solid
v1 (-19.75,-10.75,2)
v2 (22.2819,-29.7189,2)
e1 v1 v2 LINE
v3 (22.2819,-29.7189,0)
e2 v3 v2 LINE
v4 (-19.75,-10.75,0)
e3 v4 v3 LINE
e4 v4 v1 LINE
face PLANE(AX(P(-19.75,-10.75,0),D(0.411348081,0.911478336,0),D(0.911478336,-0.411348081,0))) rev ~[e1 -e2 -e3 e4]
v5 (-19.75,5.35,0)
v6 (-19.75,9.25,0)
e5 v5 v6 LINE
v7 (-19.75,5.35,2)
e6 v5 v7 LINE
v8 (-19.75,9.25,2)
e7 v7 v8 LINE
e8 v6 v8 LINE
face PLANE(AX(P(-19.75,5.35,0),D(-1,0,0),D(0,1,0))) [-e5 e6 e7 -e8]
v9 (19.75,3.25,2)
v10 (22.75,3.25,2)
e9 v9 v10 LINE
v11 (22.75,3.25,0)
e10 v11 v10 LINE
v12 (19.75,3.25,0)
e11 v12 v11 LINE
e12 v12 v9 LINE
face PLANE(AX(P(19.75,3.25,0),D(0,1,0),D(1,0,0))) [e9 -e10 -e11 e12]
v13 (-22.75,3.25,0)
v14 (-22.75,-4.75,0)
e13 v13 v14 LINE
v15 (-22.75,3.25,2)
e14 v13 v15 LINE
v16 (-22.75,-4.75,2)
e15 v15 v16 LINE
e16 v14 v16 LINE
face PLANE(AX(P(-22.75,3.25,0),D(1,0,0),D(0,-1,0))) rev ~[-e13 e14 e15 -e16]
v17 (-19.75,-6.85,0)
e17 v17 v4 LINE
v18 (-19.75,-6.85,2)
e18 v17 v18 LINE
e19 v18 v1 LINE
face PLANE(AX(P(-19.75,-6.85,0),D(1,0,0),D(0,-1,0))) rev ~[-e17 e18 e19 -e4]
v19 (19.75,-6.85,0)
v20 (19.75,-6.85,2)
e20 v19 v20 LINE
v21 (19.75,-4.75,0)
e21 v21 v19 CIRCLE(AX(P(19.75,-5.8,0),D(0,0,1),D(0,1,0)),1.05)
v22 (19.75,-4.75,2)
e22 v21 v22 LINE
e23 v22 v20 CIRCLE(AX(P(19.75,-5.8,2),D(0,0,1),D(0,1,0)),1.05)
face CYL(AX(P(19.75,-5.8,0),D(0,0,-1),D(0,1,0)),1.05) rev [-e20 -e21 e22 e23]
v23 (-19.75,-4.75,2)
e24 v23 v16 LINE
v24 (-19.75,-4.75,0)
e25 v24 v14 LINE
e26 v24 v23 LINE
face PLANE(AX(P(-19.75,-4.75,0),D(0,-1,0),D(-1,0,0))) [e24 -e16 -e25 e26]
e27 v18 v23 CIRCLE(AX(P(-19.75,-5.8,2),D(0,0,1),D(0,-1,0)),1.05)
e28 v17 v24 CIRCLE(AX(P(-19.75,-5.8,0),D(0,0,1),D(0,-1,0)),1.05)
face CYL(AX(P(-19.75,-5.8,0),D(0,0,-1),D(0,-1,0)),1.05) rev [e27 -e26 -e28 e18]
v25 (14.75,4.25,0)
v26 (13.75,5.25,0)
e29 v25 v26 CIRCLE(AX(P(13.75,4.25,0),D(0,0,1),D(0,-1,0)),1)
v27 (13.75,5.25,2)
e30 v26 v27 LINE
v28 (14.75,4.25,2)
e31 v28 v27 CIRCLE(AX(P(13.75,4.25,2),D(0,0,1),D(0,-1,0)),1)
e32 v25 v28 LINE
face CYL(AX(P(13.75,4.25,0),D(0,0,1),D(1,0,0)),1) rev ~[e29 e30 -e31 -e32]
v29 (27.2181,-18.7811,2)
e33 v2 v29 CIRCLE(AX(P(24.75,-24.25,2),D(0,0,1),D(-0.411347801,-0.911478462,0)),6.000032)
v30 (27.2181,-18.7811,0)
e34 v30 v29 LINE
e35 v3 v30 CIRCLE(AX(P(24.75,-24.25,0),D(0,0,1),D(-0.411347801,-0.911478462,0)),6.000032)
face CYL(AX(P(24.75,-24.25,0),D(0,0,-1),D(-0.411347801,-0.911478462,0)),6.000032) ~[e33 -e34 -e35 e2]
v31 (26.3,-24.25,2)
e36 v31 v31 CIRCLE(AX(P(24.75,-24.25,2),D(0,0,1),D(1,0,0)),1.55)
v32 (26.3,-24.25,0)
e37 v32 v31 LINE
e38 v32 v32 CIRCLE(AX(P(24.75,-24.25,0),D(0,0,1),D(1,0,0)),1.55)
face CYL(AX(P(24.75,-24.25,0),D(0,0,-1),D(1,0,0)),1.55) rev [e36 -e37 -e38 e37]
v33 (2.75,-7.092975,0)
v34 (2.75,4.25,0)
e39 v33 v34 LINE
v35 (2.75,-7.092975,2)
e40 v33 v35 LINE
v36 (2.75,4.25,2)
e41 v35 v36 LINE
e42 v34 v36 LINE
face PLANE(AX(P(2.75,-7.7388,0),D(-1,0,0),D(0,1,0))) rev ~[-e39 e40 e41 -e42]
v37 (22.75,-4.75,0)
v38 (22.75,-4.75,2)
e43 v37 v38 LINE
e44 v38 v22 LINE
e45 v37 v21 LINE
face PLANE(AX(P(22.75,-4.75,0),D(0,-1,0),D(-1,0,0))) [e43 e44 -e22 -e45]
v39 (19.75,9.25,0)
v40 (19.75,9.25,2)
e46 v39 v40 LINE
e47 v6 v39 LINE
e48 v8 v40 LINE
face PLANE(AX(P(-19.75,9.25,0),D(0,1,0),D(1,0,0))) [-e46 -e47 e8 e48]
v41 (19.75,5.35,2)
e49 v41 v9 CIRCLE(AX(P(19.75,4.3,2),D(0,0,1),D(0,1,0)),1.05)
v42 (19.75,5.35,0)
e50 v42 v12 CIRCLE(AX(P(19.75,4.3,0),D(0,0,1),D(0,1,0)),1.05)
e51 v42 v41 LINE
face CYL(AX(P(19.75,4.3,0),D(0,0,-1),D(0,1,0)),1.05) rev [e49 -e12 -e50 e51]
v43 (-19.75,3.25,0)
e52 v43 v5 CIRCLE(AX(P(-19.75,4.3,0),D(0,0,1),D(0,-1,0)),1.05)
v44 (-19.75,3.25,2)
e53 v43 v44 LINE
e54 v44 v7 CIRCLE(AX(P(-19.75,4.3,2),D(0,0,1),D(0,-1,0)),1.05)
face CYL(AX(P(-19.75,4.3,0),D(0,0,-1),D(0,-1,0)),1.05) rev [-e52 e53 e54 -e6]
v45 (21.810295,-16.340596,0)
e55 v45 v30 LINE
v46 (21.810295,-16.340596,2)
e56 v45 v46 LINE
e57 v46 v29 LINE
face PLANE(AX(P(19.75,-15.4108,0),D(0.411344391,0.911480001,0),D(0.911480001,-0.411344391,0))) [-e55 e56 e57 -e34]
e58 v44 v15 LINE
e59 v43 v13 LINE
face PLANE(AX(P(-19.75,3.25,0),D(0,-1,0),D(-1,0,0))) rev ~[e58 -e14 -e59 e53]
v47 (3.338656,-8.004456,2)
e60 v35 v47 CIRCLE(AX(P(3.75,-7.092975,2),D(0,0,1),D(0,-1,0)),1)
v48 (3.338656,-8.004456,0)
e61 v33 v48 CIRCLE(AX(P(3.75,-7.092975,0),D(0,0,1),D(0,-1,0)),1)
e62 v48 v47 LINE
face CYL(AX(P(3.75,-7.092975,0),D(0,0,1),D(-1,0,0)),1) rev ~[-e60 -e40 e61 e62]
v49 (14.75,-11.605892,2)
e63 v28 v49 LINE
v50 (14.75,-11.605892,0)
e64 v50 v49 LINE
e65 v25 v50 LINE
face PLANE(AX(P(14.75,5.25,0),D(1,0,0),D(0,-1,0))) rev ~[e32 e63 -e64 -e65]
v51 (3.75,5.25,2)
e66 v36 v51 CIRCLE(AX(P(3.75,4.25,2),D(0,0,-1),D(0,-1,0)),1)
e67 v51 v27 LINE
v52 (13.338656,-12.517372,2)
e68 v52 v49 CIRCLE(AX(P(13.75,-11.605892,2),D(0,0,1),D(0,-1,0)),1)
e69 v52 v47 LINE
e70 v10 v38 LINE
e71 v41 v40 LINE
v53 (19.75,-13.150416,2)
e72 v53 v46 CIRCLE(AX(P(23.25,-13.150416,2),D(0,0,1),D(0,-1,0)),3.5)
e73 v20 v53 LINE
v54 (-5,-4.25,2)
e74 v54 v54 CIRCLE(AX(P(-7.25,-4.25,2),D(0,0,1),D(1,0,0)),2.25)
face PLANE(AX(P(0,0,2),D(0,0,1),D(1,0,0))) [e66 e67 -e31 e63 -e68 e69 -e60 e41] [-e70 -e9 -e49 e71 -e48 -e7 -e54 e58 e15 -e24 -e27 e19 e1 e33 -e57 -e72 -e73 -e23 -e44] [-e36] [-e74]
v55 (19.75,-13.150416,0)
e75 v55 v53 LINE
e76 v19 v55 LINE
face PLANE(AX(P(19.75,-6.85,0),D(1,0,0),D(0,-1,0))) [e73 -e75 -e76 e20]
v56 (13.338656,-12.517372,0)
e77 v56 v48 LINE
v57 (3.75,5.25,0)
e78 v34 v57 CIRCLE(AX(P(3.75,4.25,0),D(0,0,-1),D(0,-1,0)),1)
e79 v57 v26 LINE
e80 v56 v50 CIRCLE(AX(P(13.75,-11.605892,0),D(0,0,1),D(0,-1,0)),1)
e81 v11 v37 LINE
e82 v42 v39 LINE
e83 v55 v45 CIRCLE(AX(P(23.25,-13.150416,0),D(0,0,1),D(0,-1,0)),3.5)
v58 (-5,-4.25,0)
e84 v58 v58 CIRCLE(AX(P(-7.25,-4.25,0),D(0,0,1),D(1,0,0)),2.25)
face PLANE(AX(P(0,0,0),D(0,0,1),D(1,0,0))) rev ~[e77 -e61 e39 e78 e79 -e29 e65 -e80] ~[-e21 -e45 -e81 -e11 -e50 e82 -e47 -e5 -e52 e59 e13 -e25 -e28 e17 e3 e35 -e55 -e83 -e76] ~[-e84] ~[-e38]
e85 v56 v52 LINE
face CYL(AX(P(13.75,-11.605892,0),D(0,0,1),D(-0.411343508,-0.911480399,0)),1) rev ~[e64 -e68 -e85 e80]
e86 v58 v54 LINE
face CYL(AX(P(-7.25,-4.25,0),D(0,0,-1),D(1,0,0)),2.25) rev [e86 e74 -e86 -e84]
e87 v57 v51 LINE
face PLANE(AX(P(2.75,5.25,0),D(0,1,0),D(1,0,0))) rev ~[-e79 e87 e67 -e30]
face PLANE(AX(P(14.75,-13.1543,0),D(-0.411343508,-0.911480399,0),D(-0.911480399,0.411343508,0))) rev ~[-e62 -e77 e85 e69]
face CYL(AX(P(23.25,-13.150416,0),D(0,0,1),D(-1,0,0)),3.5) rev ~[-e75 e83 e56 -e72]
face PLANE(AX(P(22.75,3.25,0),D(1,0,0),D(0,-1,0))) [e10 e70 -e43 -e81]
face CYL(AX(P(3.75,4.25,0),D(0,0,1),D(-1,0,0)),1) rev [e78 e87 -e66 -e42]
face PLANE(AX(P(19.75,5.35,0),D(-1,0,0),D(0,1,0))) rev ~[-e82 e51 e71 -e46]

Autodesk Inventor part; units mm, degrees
ref_plane "YZ Plane" through (0, 0, 0) normal (1, 0, 0) x (0, 1, 0)
ref_plane "XZ Plane" through (0, 0, 0) normal (0, 1, 0) x (-1, 0, 0)
ref_plane "XY Plane" through (0, 0, 0) normal (0, 0, 1) x (1, 0, 0)
sketch "スケッチ1" plane through (0, 0, 0) normal (0, 0, 1) x (1, 0, 0)
  line L0 (-19.75, 25.75) -> (19.75, 25.75) construction
  line L1 (19.75, 25.75) -> (19.75, -25.75) construction
  line L2 (19.75, -25.75) -> (-19.75, -25.75) construction
  line L3 (-19.75, -25.75) -> (-19.75, 25.75) construction
  line L4 (-19.75, 25.75) -> (19.75, -25.75) construction
  line L5 (19.75, 25.75) -> (-19.75, -25.75) construction
  circle A0 centre (24.75, -24.25) radius 1.55
  circle A1 centre (-7.25, -4.25) radius 2.25
  line L6 (0, 25.75) -> (0, -25.75) construction
  line L7 (-19.75, 3.25) -> (-22.75, 3.25)
  line L8 (-22.75, 3.25) -> (-22.75, -4.75)
  arc A2 (-19.75, 3.25) -> (-19.75, 5.35) centre (-19.75, 4.3) ccw
  line L9 (-22.75, -0.75) -> (-19.75, -0.75) construction
  line L10 (-19.75, -4.75) -> (-22.75, -4.75)
  arc A3 (-19.75, -6.85) -> (-19.75, -4.75) centre (-19.75, -5.8) ccw
  line L11 (-19.75, 5.35) -> (-19.75, 9.25)
  line L12 (-19.75, 9.25) -> (19.75, 9.25)
  arc A4 (19.75, 5.35) -> (19.75, 3.25) centre (19.75, 4.3) ccw
  arc A5 (19.75, -4.75) -> (19.75, -6.85) centre (19.75, -5.8) ccw
  line L13 (19.75, 5.35) -> (19.75, 9.25)
  arc A6 (22.2819, -29.7189) -> (27.2181, -18.7811) centre (24.75, -24.25) ccw
  line L14 (-19.75, -6.85) -> (-19.75, -10.75)
  line L15 (-19.75, -10.75) -> (22.2819, -29.7189)
  line L16 (19.75, -6.85) -> (19.75, -15.4108)
  line L17 (19.75, -15.4108) -> (27.2181, -18.7811)
  circle A7 centre (-7.25, -4.25) radius 6 construction
  circle A8 centre (24.75, -24.25) radius 6 construction
  line L18 (2.75, 5.25) -> (14.75, 5.25)
  line L19 (14.75, 5.25) -> (14.75, -13.1543)
  line L20 (14.75, -13.1543) -> (2.75, -7.7388)
  line L21 (2.75, -7.7388) -> (2.75, 5.25)
  line L22 (19.75, 3.25) -> (22.75, 3.25)
  line L23 (22.75, 3.25) -> (22.75, -4.75)
  line L24 (22.75, -4.75) -> (19.75, -4.75)
  point P0 (0, 0)
  dimension "d0" = 39.5
  dimension "d1" = 51.5
  dimension "d2" = 3.1
  dimension "d3" = 4.5
  dimension "d4" = 32
  dimension "d5" = 20
  dimension "d6" = 3
  dimension "d7" = 1.05
  dimension "d8" = 8
  dimension "d9" = 26.5
  dimension "d11" = 30
  dimension "d12" = 12.5
  dimension "d13" = 6
  dimension "d14" = 12
  dimension "d19" = 12
  dimension "d20" = 12
  dimension "d21" = 4
  dimension "d22" = 5
  dimension "d24" = 4
  dimension "d26" = 3
extrude "押し出し1" add sketch "スケッチ1" along normal blind 2
fillet "フィレット1" radius 3.5 1 edges at (19.75, -15.4108, 1)
fillet "フィレット2" radius 1 4 edges at (2.75, 5.25, 1) (14.75, 5.25, 1) (2.75, -7.7388, 1) (14.75, -13.1543, 1)
equation "\"d24\" = d21"
properties part number "Leg_joint_pitch_frame" material "アルミニウム 2014-T4"
